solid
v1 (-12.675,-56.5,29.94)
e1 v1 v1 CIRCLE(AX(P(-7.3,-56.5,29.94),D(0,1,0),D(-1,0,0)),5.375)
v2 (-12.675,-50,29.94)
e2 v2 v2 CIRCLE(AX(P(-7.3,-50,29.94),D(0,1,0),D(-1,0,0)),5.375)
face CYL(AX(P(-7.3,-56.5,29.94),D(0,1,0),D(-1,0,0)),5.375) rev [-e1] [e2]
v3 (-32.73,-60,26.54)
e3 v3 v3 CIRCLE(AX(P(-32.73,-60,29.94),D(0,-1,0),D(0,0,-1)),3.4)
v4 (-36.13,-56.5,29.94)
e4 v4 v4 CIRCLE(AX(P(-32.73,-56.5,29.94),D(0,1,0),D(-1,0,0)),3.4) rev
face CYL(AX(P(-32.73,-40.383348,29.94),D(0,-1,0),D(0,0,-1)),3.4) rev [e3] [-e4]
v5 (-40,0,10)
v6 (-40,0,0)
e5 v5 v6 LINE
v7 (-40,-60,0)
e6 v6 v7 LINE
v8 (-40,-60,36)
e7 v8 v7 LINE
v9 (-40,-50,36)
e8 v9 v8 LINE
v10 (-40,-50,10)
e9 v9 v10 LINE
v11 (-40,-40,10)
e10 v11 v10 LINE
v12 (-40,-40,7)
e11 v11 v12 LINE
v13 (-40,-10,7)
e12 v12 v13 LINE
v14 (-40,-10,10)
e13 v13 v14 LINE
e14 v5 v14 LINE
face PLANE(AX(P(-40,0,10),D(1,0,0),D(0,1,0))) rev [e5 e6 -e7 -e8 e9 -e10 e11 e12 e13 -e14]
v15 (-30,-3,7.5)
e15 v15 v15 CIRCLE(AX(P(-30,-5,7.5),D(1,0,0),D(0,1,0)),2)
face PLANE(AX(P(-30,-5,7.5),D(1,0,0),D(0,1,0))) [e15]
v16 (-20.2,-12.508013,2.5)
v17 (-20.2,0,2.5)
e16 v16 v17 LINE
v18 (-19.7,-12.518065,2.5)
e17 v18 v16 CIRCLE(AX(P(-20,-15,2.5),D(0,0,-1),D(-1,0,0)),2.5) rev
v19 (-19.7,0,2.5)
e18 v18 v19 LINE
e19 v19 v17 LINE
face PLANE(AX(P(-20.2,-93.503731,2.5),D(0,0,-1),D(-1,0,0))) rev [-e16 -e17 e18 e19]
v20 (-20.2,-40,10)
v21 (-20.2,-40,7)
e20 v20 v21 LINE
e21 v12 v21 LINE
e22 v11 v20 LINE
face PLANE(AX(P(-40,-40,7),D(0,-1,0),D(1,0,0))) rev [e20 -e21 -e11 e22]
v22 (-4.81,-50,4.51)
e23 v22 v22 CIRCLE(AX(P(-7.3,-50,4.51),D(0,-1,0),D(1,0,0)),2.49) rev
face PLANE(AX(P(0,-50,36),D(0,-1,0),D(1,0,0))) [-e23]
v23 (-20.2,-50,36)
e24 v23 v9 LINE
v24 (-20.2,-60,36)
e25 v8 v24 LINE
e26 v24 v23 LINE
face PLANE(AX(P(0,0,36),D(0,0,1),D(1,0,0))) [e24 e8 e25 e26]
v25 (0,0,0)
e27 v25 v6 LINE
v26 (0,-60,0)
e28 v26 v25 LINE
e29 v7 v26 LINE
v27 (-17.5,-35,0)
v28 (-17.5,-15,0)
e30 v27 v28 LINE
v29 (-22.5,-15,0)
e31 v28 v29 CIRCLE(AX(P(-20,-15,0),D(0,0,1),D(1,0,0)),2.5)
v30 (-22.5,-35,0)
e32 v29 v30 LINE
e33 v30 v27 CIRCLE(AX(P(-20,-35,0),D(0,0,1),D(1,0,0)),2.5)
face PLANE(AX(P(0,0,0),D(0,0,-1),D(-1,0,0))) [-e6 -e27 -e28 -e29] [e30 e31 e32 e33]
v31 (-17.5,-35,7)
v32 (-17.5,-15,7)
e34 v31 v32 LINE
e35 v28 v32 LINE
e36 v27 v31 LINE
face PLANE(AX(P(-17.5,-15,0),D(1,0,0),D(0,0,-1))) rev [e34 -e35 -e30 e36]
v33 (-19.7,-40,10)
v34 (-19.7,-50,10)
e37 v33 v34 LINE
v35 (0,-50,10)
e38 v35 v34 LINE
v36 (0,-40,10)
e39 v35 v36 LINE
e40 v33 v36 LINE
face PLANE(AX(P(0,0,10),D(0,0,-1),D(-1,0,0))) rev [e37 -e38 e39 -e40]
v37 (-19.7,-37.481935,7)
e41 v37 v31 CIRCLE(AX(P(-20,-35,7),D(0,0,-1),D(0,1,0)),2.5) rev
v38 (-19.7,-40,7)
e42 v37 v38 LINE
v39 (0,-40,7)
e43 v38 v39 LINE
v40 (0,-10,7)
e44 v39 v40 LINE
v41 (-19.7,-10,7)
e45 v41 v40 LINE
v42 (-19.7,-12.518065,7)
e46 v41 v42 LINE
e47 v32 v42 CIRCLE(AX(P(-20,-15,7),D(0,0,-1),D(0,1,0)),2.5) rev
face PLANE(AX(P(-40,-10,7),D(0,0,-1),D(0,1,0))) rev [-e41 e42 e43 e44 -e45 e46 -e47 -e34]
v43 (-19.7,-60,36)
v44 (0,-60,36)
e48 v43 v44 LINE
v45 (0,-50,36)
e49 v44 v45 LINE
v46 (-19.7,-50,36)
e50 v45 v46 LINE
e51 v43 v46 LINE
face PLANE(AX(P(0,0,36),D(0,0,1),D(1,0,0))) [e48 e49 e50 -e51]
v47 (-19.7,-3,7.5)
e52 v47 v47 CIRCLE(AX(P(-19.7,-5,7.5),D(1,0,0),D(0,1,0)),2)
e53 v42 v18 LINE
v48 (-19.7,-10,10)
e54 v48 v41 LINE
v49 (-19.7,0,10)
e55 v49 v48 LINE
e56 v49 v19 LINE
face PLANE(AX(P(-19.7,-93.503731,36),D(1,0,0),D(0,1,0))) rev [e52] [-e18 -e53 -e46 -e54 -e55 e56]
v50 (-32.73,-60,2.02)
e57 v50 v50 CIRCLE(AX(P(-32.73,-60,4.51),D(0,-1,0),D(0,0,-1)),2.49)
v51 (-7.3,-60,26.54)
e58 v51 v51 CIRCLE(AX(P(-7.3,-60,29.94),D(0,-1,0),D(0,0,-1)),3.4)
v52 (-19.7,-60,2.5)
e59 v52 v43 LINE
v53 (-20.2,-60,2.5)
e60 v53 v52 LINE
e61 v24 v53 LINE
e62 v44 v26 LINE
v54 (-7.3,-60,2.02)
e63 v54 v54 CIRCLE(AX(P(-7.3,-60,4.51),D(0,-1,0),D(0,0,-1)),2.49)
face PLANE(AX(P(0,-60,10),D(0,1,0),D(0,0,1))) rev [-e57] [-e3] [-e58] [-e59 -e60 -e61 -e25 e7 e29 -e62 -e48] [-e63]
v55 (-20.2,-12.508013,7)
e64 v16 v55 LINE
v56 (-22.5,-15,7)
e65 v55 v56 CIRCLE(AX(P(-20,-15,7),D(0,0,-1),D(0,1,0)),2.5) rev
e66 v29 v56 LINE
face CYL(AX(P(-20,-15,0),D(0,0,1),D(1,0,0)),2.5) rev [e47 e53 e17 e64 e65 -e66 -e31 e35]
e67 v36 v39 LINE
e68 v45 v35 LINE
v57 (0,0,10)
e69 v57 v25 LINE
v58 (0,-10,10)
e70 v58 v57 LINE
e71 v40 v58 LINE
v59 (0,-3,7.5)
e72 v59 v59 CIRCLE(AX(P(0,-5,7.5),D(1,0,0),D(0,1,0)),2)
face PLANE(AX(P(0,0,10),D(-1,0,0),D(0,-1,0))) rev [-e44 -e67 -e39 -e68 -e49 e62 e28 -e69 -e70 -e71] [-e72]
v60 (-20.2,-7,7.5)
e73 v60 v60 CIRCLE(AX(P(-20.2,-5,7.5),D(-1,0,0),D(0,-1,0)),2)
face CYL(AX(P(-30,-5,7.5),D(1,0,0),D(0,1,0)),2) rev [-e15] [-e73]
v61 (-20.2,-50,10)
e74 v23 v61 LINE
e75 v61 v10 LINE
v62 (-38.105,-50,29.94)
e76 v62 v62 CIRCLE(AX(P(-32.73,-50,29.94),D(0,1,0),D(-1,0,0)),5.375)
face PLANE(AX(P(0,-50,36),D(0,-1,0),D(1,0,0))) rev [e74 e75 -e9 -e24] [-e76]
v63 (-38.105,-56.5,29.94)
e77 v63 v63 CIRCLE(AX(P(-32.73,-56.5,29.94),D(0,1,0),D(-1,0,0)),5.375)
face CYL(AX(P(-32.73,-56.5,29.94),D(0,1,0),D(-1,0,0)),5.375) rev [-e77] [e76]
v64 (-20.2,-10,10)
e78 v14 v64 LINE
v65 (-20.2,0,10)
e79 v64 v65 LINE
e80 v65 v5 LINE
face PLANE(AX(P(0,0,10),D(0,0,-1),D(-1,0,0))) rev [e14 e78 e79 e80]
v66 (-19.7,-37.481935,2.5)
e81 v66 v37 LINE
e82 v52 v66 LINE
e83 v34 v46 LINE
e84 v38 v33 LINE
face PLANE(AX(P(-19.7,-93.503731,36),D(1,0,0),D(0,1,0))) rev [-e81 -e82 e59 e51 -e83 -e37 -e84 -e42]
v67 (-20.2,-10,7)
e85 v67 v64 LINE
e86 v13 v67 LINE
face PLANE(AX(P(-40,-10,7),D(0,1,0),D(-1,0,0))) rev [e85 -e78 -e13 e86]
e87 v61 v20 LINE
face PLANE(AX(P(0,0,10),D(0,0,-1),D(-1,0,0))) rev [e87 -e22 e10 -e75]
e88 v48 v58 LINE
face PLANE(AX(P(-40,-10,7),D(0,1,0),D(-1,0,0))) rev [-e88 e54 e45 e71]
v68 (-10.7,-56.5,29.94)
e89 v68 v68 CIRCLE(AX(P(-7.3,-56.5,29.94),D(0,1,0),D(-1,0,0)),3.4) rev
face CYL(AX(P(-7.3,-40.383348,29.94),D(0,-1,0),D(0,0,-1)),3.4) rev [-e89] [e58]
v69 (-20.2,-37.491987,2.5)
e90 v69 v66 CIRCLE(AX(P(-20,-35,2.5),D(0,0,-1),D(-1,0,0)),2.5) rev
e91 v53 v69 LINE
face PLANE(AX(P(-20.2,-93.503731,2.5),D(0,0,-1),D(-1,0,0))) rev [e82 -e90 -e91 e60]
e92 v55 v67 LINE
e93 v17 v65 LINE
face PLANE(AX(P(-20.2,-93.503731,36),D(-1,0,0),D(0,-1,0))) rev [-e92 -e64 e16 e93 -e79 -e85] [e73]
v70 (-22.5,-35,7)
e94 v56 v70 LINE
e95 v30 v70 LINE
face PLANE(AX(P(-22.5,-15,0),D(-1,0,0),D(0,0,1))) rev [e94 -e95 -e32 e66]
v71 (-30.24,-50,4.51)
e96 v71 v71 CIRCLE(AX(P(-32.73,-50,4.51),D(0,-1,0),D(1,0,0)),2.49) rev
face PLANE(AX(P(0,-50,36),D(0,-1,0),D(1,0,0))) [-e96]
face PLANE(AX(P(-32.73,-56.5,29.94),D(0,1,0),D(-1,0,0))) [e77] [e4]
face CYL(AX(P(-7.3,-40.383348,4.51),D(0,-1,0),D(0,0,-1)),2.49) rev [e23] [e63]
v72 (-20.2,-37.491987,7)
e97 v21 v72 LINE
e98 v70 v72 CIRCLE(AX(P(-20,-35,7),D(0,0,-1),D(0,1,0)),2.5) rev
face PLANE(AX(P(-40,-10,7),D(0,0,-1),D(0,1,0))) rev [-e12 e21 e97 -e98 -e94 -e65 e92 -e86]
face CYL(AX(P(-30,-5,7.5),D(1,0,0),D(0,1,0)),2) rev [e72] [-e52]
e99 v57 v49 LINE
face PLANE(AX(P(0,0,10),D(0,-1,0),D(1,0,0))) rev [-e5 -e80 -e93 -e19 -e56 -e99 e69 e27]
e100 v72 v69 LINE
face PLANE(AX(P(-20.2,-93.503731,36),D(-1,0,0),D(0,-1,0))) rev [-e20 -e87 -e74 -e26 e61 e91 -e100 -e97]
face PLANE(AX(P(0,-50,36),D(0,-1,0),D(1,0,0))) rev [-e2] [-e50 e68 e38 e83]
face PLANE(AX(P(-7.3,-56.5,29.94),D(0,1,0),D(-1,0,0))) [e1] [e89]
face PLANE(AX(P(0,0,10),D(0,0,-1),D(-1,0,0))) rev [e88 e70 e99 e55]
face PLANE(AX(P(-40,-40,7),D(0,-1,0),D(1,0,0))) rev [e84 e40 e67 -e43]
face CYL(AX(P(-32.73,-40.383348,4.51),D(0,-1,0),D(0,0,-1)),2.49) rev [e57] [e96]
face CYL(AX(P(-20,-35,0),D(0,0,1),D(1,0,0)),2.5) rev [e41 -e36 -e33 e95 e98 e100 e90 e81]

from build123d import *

# Parameters (mm, degrees)
SKETCH1_W           = 40
SKETCH1_H           = 60
BOSS_EXTRUDE1_DEPTH = 10
CUT_EXTRUDE1_DEPTH  = 11
SKETCH5_W           = 3
SKETCH5_H           = 30
CUT_EXTRUDE4_DEPTH  = 41
SKETCH6_W           = 40
SKETCH6_H           = 10
BOSS_EXTRUDE2_DEPTH = 26
SKETCH8_W           = 0.5
SKETCH8_H           = 33.5
CUT_EXTRUDE7_DEPTH  = 60
SKETCH10_R          = 2
CUT_EXTRUDE10_DEPTH = 30
SKETCH12_R          = 3.4
SKETCH12_R_2        = 2.49
CUT_EXTRUDE13_DEPTH = 10
SKETCH14_R          = 5.375
CUT_EXTRUDE14_DEPTH = 6.5


with BuildPart() as part:
    # Sketch1 → Boss-Extrude1 (new body)
    with BuildSketch(Plane.XY):
        with Locations((-20, -30)):
            Rectangle(SKETCH1_W, SKETCH1_H)
    extrude(amount=BOSS_EXTRUDE1_DEPTH)

    # Sketch2 → Cut-Extrude1 (cut, through all)
    with BuildSketch(Plane.XY.offset(10)):
        with BuildLine():
            Line((-17.5, -15), (-17.5, -35))
            ThreePointArc((-17.5, -35), (-20, -37.5), (-22.5, -35))
            Line((-22.5, -35), (-22.5, -15))
            ThreePointArc((-22.5, -15), (-20, -12.5), (-17.5, -15))
        make_face()
    extrude(amount=-CUT_EXTRUDE1_DEPTH, mode=Mode.SUBTRACT)

    # Sketch5 → Cut-Extrude4 (cut, through all)
    with BuildSketch(Plane(origin=(0, 0, 0), x_dir=(0, 0, -1), z_dir=(1, 0, 0))):
        with Locations((-8.5, -25)):
            Rectangle(SKETCH5_W, SKETCH5_H)
    extrude(amount=-CUT_EXTRUDE4_DEPTH, mode=Mode.SUBTRACT)

    # Sketch6 → Boss-Extrude2 (add)
    with BuildSketch(Plane.XY.offset(10)):
        with Locations((-20, -55)):
            Rectangle(SKETCH6_W, SKETCH6_H)
    extrude(amount=BOSS_EXTRUDE2_DEPTH)

    # Sketch8 → Cut-Extrude7 (cut)
    with BuildSketch(Plane(origin=(0, 0, 0), x_dir=(1, 0, 0), z_dir=(0, 1, 0))):
        with Locations((-19.95, -19.25)):
            Rectangle(SKETCH8_W, SKETCH8_H)
    extrude(amount=-CUT_EXTRUDE7_DEPTH, mode=Mode.SUBTRACT)

    # Sketch10 → Cut-Extrude10 (cut)
    with BuildSketch(Plane(origin=(0, 0, 0), x_dir=(0, 0, -1), z_dir=(1, 0, 0))):
        with Locations((-7.5, -5)):
            Circle(SKETCH10_R)
    extrude(amount=-CUT_EXTRUDE10_DEPTH, mode=Mode.SUBTRACT)

    # Sketch12 → Cut-Extrude13 (cut)
    with BuildSketch(Plane.XZ.offset(60)):
        with Locations((-7.3, 29.94)):
            Circle(SKETCH12_R)
        with Locations((-32.73, 29.94)):
            Circle(SKETCH12_R)
        with Locations((-32.73, 4.51)):
            Circle(SKETCH12_R_2)
        with Locations((-7.3, 4.51)):
            Circle(SKETCH12_R_2)
    extrude(amount=-CUT_EXTRUDE13_DEPTH, mode=Mode.SUBTRACT)

    # Sketch14 → Cut-Extrude14 (cut)
    with BuildSketch(Plane(origin=(0, -50, 0), x_dir=(1, 0, 0), z_dir=(0, 1, 0))):
        with Locations((-32.73, -29.94)):
            Circle(SKETCH14_R)
        with Locations((-7.3, -29.94)):
            Circle(SKETCH14_R)
    extrude(amount=-CUT_EXTRUDE14_DEPTH, mode=Mode.SUBTRACT)


solid = part.part
